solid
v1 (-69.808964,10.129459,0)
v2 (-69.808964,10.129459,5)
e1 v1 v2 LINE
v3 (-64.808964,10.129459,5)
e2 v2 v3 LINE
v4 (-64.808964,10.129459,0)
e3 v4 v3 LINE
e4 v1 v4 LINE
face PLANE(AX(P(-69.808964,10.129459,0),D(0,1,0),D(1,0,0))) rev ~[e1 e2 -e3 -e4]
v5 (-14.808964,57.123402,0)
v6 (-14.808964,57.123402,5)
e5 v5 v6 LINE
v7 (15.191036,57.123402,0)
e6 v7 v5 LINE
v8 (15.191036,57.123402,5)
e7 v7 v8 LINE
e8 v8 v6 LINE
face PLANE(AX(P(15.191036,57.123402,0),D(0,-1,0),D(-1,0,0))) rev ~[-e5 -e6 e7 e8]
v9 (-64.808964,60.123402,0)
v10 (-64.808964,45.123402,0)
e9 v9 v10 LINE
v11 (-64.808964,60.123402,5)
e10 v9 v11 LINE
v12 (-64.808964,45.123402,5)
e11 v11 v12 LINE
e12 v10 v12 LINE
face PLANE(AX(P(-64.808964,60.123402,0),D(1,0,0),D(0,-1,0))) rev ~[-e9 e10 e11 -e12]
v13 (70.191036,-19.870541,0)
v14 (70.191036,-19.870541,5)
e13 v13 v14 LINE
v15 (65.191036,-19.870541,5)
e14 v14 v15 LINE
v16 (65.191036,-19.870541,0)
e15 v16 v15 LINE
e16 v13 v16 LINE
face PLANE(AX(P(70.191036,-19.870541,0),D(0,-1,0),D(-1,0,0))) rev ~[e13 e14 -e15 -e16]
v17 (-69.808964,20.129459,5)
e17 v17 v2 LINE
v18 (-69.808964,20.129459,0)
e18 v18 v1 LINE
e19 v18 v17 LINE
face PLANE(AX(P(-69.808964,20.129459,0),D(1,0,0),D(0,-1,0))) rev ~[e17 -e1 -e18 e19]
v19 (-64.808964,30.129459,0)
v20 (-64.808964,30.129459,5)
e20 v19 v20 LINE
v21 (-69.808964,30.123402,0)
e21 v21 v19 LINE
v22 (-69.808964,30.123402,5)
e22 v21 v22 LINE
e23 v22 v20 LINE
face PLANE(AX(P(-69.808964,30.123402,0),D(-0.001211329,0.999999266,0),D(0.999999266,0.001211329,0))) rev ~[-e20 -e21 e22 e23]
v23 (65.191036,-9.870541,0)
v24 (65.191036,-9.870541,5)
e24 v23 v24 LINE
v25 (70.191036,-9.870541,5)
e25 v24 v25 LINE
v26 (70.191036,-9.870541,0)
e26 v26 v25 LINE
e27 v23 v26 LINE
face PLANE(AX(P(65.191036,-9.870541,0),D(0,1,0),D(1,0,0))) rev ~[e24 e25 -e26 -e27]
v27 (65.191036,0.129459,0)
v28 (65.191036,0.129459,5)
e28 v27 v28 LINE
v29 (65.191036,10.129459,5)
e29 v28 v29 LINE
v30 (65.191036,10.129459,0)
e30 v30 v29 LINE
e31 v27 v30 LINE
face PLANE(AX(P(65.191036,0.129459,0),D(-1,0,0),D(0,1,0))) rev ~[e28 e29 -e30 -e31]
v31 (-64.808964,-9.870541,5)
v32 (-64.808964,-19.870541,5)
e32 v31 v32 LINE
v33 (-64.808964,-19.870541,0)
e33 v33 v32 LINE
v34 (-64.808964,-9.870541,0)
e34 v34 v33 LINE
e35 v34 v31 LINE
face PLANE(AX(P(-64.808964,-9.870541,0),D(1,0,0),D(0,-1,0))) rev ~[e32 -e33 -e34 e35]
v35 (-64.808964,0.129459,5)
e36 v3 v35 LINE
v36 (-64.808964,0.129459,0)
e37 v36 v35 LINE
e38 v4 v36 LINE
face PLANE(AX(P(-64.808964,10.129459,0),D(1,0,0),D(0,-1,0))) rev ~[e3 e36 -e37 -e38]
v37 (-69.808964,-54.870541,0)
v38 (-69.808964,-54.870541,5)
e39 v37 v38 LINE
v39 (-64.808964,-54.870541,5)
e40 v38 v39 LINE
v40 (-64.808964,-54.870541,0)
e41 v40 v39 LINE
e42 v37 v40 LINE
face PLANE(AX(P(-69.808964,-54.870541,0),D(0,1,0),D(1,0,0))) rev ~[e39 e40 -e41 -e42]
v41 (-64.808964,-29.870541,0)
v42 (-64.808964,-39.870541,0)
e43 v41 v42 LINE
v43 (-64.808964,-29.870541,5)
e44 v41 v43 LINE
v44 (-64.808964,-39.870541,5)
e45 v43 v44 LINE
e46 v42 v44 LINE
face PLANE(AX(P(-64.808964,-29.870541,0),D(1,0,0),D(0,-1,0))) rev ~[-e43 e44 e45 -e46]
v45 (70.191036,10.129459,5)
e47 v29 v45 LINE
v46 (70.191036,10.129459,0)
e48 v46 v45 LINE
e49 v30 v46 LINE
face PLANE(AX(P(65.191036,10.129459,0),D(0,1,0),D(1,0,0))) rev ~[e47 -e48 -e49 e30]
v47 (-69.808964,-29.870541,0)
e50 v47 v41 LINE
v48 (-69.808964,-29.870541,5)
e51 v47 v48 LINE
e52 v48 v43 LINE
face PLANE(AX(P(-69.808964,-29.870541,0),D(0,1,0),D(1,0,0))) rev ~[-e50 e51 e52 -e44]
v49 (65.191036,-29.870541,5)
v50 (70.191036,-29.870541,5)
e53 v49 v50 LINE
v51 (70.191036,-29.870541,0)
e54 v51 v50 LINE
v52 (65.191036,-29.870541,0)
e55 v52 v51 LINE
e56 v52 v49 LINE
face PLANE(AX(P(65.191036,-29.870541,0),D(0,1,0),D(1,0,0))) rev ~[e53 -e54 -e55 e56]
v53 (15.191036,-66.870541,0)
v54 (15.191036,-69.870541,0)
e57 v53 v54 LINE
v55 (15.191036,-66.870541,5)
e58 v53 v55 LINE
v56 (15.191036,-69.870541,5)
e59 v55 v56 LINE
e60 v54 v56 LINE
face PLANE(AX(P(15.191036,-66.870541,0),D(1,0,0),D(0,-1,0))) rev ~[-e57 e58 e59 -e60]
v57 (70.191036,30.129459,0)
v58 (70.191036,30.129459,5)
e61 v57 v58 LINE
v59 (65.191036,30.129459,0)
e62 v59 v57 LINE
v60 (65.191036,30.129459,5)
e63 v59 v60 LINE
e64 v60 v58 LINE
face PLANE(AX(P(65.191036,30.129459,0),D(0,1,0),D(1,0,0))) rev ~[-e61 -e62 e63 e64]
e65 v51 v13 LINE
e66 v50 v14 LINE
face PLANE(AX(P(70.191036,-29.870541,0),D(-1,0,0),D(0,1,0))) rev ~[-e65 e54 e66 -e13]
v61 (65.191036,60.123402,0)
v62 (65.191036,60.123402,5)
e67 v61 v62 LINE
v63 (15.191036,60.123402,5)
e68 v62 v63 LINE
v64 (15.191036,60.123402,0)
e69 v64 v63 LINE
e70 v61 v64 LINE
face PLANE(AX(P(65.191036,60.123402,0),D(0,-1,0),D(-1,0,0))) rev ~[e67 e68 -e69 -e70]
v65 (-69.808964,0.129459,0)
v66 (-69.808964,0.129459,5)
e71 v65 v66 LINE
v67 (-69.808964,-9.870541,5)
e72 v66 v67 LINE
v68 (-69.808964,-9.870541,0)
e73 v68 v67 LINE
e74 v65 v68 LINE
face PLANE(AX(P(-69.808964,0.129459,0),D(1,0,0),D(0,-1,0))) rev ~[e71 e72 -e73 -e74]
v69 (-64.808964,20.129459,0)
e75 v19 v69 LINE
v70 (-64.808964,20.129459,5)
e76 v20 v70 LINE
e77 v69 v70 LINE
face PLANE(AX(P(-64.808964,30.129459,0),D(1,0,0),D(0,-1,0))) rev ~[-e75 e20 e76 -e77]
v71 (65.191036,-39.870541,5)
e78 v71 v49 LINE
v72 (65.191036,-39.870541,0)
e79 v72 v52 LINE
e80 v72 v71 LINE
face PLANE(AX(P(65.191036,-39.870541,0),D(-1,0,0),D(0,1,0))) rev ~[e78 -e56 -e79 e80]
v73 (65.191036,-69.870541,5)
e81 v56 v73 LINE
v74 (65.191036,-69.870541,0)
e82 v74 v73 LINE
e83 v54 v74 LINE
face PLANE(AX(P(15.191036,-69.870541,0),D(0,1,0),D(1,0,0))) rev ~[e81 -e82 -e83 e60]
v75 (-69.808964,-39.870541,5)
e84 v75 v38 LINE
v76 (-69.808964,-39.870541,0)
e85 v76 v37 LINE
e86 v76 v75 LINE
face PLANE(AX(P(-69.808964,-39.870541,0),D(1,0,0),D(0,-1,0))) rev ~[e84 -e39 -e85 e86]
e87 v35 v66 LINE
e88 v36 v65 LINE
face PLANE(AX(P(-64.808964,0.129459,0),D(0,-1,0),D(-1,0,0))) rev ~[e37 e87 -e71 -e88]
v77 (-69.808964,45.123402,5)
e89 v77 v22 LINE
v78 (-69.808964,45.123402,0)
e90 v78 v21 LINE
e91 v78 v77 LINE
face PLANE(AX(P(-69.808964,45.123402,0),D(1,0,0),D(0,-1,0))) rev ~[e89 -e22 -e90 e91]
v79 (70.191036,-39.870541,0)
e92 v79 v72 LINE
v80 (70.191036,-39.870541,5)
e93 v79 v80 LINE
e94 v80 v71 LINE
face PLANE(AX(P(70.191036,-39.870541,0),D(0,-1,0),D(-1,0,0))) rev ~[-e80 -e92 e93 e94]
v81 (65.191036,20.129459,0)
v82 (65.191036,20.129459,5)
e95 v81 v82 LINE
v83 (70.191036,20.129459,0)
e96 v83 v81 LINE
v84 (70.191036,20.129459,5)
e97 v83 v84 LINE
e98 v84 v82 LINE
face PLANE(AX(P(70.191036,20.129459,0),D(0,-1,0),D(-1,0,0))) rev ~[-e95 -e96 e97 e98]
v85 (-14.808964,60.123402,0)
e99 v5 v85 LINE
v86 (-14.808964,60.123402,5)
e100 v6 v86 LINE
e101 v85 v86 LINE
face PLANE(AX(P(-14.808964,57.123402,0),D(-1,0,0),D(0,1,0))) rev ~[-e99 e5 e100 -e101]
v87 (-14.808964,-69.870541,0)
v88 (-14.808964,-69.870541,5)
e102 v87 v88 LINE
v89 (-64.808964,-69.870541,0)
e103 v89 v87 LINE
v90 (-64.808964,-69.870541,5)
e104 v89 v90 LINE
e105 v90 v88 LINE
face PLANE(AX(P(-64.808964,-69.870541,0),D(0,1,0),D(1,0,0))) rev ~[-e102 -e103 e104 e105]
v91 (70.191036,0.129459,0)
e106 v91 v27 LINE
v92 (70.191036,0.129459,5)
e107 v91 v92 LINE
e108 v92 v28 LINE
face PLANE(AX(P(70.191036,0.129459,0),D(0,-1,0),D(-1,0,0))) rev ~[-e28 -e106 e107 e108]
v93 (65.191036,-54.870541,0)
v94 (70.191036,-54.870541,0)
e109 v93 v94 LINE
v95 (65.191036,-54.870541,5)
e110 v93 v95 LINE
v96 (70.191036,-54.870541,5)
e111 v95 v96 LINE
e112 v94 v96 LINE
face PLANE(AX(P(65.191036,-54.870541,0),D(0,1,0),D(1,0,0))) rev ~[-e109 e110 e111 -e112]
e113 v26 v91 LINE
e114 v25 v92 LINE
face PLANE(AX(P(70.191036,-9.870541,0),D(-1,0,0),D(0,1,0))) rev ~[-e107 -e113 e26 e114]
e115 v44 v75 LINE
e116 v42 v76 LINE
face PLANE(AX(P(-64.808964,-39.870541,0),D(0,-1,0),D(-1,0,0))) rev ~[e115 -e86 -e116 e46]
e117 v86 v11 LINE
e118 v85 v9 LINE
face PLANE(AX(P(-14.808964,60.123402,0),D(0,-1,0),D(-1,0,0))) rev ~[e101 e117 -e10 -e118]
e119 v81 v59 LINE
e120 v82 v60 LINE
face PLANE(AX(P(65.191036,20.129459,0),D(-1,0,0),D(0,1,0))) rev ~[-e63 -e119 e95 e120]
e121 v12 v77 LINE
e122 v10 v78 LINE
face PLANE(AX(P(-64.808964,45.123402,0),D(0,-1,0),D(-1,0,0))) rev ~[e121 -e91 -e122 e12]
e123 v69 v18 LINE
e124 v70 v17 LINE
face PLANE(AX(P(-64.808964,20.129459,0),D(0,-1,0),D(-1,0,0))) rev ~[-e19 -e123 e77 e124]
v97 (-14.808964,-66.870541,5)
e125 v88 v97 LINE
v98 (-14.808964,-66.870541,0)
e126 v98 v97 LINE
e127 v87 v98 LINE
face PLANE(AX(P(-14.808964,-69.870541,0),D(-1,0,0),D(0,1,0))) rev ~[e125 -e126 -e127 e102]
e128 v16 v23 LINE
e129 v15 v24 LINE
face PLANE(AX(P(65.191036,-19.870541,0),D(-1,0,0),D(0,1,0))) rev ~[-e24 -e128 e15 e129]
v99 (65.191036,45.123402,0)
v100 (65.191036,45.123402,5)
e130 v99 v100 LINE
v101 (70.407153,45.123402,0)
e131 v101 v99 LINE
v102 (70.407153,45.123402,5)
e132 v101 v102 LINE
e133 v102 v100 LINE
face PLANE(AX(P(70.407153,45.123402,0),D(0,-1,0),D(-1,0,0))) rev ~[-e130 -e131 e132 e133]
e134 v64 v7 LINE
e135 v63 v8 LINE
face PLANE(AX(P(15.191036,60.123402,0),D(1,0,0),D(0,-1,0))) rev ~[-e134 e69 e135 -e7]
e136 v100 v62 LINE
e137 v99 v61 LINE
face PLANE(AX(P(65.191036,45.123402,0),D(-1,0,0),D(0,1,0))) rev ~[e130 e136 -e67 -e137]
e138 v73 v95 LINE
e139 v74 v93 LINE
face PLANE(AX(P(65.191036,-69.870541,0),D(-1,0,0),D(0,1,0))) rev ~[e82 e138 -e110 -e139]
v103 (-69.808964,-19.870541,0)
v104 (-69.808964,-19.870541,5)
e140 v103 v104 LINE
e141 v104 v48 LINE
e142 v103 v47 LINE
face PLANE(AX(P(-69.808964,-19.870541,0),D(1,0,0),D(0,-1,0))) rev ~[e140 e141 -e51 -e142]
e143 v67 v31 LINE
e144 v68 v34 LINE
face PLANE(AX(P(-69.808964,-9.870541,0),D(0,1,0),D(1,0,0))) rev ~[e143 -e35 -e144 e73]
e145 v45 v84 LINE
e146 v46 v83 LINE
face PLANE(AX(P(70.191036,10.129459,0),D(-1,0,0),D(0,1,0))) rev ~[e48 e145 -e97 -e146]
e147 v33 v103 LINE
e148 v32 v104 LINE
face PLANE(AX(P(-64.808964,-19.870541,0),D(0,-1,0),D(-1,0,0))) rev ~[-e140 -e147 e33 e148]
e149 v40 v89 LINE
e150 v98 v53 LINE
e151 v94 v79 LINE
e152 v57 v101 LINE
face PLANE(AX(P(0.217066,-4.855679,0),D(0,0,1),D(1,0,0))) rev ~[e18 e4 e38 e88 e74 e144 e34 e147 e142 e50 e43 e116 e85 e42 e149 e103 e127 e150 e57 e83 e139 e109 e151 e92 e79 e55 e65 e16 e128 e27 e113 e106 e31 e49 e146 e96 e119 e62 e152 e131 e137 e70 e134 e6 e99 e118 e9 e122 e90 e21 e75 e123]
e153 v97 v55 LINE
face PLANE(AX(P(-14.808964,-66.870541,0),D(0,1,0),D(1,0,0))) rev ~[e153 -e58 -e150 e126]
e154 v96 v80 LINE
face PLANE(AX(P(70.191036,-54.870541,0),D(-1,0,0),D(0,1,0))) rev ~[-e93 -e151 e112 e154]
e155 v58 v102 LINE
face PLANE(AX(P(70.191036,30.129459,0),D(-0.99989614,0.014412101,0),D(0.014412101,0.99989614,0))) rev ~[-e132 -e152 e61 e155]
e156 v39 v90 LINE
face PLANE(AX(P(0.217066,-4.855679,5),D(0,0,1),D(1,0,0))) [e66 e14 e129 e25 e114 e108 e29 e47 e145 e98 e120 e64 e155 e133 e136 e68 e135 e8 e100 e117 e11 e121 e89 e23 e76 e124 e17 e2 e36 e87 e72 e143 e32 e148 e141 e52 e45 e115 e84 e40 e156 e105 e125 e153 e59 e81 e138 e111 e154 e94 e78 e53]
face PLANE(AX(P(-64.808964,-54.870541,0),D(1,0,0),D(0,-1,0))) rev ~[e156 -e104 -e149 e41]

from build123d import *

# Parameters (mm, degrees)
BOSS_EXTRUDE2_DEPTH = 5


with BuildPart() as part:
    # Sketch1 → Boss-Extrude2 (new body)
    with BuildSketch(Plane.XY):
        Polygon((-44.808964075, -69.870541313), (-34.808964075, -69.870541313), (-24.808964075, -69.870541313), (-14.808964075, -69.870541313), (-14.808964075, -66.870541313), (15.191035925, -66.870541313), (15.191035925, -69.870541313), (25.191035925, -69.870541313), (35.191035925, -69.870541313), (45.191035925, -69.870541313), (55.191035925, -69.870541313), (65.191035925, -69.870541313), (65.191035925, -54.870541313), (70.191035925, -54.870541313), (70.191035925, -39.870541313), (65.191035925, -39.870541313), (65.191035925, -29.870541313), (70.191035925, -29.870541313), (70.191035925, -19.870541313), (65.191035925, -19.870541313), (65.191035925, -9.870541313), (70.191035925, -9.870541313), (70.191035925, 0.129458687), (65.191035925, 0.129458687), (65.191035925, 10.129458687), (70.191035925, 10.129458687), (70.191035925, 20.129458687), (65.191035925, 20.129458687), (65.191035925, 30.129458687), (70.191035925, 30.129458687), (70.407152599, 45.123402037), (65.191035925, 45.123402037), (65.191035925, 60.123402037), (55.191035925, 60.123402037), (45.191035925, 60.123402037), (35.191035925, 60.123402037), (25.191035925, 60.123402037), (15.191035925, 60.123402037), (15.191035925, 57.123402037), (-14.808964075, 57.123402037), (-14.808964075, 60.123402037), (-24.808964075, 60.123402037), (-34.808964075, 60.123402037), (-44.808964075, 60.123402037), (-54.808964075, 60.123402037), (-64.808964075, 60.123402037), (-64.808964075, 45.123402037), (-69.808964075, 45.123402037), (-69.808964075, 30.123402037), (-64.808964075, 30.129458687), (-64.808964075, 20.129458687), (-69.808964075, 20.129458687), (-69.808964075, 10.129458687), (-64.808964075, 10.129458687), (-64.808964075, 0.129458687), (-69.808964075, 0.129458687), (-69.808964075, -9.870541313), (-64.808964075, -9.870541313), (-64.808964075, -19.870541313), (-69.808964075, -19.870541313), (-69.808964075, -29.870541313), (-64.808964075, -29.870541313), (-64.808964075, -39.870541313), (-69.808964075, -39.870541313), (-69.808964075, -54.870541313), (-64.808964075, -54.870541313), (-64.808964075, -69.870541313), (-54.808964075, -69.870541313), align=None)
    extrude(amount=BOSS_EXTRUDE2_DEPTH)


solid = part.part
